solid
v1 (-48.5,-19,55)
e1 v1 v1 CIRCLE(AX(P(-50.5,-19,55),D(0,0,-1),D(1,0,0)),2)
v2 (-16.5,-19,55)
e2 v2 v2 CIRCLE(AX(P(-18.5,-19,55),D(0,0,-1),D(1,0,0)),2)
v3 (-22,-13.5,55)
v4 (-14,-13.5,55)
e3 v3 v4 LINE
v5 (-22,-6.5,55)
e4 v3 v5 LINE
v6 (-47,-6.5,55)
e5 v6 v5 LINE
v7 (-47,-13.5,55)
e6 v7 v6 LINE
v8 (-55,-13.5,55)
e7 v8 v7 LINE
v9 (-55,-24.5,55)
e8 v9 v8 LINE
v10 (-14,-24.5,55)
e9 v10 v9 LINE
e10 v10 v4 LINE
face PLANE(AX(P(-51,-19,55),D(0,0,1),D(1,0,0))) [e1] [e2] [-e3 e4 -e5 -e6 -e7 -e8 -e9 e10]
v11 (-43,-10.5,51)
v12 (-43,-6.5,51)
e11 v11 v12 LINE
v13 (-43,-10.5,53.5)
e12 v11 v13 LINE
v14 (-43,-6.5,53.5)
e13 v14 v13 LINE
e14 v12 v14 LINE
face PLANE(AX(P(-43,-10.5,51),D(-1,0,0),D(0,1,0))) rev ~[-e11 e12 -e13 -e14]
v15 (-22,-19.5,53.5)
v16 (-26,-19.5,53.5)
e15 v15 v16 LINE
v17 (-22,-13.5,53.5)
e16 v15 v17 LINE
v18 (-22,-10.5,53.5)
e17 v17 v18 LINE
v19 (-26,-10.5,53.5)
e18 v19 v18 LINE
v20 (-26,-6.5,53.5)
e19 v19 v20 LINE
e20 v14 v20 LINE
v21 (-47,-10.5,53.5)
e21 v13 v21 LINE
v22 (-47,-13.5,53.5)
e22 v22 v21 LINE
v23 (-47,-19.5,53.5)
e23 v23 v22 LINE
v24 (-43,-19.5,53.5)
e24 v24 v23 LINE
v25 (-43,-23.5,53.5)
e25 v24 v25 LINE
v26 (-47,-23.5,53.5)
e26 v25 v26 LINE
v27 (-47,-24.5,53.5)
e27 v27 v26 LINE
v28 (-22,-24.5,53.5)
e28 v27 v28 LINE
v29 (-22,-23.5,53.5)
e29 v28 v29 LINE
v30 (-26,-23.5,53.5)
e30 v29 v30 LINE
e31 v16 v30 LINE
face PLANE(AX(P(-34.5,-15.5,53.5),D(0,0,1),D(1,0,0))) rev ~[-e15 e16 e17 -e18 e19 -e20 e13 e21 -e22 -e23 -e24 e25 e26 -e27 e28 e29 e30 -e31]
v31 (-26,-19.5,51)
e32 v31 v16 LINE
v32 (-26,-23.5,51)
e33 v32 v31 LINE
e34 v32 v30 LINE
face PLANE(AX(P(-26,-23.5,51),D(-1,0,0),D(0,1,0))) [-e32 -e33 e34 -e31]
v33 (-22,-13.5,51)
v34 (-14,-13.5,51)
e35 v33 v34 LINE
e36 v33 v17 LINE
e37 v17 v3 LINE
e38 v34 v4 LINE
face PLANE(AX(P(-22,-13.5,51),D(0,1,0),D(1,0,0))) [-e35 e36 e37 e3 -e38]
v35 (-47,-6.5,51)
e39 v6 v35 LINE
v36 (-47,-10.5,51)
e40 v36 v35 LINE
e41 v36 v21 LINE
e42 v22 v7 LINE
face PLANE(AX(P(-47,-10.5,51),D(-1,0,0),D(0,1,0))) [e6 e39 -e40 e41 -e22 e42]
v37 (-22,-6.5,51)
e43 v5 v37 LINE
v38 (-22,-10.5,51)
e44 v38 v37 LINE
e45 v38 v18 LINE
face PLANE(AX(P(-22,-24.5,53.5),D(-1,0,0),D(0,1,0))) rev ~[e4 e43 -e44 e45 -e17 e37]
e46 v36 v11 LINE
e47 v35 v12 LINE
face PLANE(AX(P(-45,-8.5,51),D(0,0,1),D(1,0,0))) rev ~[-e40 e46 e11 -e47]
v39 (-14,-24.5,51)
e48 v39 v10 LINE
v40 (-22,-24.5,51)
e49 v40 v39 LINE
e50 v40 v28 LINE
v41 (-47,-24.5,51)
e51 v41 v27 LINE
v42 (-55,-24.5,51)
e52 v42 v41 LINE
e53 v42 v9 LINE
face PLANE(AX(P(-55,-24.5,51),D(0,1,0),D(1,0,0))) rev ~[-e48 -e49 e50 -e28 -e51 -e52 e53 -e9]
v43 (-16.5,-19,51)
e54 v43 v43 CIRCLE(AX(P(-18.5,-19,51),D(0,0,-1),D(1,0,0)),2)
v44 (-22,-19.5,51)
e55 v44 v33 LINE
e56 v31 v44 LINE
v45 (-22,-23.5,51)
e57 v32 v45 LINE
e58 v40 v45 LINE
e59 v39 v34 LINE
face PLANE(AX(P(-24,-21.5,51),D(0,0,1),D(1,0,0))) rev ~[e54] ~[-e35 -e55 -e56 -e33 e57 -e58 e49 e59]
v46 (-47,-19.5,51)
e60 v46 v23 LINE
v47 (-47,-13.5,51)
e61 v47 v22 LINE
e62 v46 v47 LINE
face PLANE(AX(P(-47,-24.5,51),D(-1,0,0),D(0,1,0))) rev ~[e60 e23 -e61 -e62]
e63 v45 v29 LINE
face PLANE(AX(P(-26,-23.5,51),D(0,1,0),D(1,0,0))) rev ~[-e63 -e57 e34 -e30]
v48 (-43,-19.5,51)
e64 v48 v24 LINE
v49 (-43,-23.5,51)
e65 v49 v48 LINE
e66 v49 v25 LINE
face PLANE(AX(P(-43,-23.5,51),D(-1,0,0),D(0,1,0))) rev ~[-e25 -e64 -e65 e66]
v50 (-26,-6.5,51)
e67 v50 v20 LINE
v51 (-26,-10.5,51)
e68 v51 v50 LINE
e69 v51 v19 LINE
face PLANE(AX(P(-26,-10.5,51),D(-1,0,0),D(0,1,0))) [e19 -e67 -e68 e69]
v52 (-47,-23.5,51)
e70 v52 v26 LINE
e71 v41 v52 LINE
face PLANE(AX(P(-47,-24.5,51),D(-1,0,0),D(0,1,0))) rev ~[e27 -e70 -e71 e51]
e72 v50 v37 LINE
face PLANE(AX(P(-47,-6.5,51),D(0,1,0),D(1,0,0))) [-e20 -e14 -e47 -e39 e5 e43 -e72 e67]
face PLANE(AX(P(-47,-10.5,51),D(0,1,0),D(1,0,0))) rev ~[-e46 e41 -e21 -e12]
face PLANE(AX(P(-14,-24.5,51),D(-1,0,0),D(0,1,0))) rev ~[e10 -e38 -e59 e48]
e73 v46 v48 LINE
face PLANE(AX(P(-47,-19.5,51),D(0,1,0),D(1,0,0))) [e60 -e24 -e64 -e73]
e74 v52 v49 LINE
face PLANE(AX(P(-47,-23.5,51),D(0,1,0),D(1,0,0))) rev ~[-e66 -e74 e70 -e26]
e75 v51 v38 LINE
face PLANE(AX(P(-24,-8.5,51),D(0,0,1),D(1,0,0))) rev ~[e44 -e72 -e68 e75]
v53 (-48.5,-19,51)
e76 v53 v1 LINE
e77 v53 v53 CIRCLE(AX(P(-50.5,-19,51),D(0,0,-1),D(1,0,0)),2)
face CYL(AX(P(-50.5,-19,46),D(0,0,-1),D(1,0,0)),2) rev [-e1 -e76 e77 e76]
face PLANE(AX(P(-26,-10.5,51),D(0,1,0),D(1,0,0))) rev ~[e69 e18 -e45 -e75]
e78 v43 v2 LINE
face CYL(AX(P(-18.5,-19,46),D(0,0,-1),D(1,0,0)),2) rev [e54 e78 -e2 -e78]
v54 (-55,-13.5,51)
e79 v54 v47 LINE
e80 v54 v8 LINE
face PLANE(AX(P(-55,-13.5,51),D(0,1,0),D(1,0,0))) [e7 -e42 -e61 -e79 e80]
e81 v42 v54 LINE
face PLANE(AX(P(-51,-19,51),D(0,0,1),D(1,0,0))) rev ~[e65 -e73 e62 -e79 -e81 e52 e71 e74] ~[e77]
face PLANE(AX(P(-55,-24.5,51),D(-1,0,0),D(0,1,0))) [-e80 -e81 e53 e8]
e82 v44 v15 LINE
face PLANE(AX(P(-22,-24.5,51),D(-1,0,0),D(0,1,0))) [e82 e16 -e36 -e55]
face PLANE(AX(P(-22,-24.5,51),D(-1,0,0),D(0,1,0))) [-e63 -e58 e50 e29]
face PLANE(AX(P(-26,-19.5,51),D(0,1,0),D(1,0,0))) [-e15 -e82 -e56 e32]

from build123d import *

# Parameters (mm, degrees)
CYLINDER397_R     = 2
CYLINDER397_DEPTH = 13
CYLINDER396_R     = 2
CYLINDER396_DEPTH = 13
BOX478_W          = 4
BOX478_H          = 4
BOX478_DEPTH      = 4
BOX486_W          = 25
BOX486_H          = 18
BOX486_DEPTH      = 1.5
BOX483_W          = 4
BOX483_H          = 4
BOX483_DEPTH      = 4
BOX485_W          = 4
BOX485_H          = 4
BOX485_DEPTH      = 4
BOX484_W          = 4
BOX484_H          = 4
BOX484_DEPTH      = 4
BOX504_W          = 8
BOX504_H          = 11
BOX504_DEPTH      = 4
BOX505_W          = 8
BOX505_H          = 11
BOX505_DEPTH      = 4


with BuildPart() as cylinder397:
    # Cylinder397 → Cylinder397 (new body)
    with BuildSketch(Plane(origin=(-48, -69, -5), x_dir=(1, 0, 0), z_dir=(0, 0, 1))):
        Circle(CYLINDER397_R)
    extrude(amount=CYLINDER397_DEPTH)


with BuildPart() as fusion394:
    # Cylinder396 → Cylinder396 (new body)
    with BuildSketch(Plane(origin=(-16, -69, -5), x_dir=(1, 0, 0), z_dir=(0, 0, 1))):
        Circle(CYLINDER396_R)
    extrude(amount=CYLINDER396_DEPTH)

    # Fusion394: union Cylinder397
    add(cylinder397.part)


with BuildPart() as fusion394_1:
    # Fusion394 placement: moved
    add(fusion394.part.moved(Location((-2.5, 50, 51))))


with BuildPart() as box478:
    # Box478 → Box478 (new body)
    with BuildSketch(Plane(origin=(-26, -10.5, 51), x_dir=(1, 0, 0), z_dir=(0, 0, 1))):
        with Locations((2, 2)):
            Rectangle(BOX478_W, BOX478_H)
    extrude(amount=BOX478_DEPTH)


with BuildPart() as box486:
    # Box486 → Box486 (new body)
    with BuildSketch(Plane(origin=(-47, -24.5, 53.5), x_dir=(1, 0, 0), z_dir=(0, 0, 1))):
        with Locations((12.5, 9)):
            Rectangle(BOX486_W, BOX486_H)
    extrude(amount=BOX486_DEPTH)


with BuildPart() as box483:
    # Box483 → Box483 (new body)
    with BuildSketch(Plane(origin=(-26, -23.5, 51), x_dir=(1, 0, 0), z_dir=(0, 0, 1))):
        with Locations((2, 2)):
            Rectangle(BOX483_W, BOX483_H)
    extrude(amount=BOX483_DEPTH)


with BuildPart() as box485:
    # Box485 → Box485 (new body)
    with BuildSketch(Plane(origin=(-47, -23.5, 51), x_dir=(1, 0, 0), z_dir=(0, 0, 1))):
        with Locations((2, 2)):
            Rectangle(BOX485_W, BOX485_H)
    extrude(amount=BOX485_DEPTH)


with BuildPart() as box484:
    # Box484 → Box484 (new body)
    with BuildSketch(Plane(origin=(-47, -10.5, 51), x_dir=(1, 0, 0), z_dir=(0, 0, 1))):
        with Locations((2, 2)):
            Rectangle(BOX484_W, BOX484_H)
    extrude(amount=BOX484_DEPTH)


with BuildPart() as box504:
    # Box504 → Box504 (new body)
    with BuildSketch(Plane(origin=(-55, -24.5, 51), x_dir=(1, 0, 0), z_dir=(0, 0, 1))):
        with Locations((4, 5.5)):
            Rectangle(BOX504_W, BOX504_H)
    extrude(amount=BOX504_DEPTH)


with BuildPart() as cut425:
    # Box505 → Box505 (new body)
    with BuildSketch(Plane(origin=(-22, -24.5, 51), x_dir=(1, 0, 0), z_dir=(0, 0, 1))):
        with Locations((4, 5.5)):
            Rectangle(BOX505_W, BOX505_H)
    extrude(amount=BOX505_DEPTH)

    # Fusion395: union Box478, Box486, Box483, Box485, Box484, Box504
    add(box478.part)
    add(box486.part)
    add(box483.part)
    add(box485.part)
    add(box484.part)
    add(box504.part)

    # Cut425: cut Fusion394
    add(fusion394_1.part, mode=Mode.SUBTRACT)


solid = cut425.part
